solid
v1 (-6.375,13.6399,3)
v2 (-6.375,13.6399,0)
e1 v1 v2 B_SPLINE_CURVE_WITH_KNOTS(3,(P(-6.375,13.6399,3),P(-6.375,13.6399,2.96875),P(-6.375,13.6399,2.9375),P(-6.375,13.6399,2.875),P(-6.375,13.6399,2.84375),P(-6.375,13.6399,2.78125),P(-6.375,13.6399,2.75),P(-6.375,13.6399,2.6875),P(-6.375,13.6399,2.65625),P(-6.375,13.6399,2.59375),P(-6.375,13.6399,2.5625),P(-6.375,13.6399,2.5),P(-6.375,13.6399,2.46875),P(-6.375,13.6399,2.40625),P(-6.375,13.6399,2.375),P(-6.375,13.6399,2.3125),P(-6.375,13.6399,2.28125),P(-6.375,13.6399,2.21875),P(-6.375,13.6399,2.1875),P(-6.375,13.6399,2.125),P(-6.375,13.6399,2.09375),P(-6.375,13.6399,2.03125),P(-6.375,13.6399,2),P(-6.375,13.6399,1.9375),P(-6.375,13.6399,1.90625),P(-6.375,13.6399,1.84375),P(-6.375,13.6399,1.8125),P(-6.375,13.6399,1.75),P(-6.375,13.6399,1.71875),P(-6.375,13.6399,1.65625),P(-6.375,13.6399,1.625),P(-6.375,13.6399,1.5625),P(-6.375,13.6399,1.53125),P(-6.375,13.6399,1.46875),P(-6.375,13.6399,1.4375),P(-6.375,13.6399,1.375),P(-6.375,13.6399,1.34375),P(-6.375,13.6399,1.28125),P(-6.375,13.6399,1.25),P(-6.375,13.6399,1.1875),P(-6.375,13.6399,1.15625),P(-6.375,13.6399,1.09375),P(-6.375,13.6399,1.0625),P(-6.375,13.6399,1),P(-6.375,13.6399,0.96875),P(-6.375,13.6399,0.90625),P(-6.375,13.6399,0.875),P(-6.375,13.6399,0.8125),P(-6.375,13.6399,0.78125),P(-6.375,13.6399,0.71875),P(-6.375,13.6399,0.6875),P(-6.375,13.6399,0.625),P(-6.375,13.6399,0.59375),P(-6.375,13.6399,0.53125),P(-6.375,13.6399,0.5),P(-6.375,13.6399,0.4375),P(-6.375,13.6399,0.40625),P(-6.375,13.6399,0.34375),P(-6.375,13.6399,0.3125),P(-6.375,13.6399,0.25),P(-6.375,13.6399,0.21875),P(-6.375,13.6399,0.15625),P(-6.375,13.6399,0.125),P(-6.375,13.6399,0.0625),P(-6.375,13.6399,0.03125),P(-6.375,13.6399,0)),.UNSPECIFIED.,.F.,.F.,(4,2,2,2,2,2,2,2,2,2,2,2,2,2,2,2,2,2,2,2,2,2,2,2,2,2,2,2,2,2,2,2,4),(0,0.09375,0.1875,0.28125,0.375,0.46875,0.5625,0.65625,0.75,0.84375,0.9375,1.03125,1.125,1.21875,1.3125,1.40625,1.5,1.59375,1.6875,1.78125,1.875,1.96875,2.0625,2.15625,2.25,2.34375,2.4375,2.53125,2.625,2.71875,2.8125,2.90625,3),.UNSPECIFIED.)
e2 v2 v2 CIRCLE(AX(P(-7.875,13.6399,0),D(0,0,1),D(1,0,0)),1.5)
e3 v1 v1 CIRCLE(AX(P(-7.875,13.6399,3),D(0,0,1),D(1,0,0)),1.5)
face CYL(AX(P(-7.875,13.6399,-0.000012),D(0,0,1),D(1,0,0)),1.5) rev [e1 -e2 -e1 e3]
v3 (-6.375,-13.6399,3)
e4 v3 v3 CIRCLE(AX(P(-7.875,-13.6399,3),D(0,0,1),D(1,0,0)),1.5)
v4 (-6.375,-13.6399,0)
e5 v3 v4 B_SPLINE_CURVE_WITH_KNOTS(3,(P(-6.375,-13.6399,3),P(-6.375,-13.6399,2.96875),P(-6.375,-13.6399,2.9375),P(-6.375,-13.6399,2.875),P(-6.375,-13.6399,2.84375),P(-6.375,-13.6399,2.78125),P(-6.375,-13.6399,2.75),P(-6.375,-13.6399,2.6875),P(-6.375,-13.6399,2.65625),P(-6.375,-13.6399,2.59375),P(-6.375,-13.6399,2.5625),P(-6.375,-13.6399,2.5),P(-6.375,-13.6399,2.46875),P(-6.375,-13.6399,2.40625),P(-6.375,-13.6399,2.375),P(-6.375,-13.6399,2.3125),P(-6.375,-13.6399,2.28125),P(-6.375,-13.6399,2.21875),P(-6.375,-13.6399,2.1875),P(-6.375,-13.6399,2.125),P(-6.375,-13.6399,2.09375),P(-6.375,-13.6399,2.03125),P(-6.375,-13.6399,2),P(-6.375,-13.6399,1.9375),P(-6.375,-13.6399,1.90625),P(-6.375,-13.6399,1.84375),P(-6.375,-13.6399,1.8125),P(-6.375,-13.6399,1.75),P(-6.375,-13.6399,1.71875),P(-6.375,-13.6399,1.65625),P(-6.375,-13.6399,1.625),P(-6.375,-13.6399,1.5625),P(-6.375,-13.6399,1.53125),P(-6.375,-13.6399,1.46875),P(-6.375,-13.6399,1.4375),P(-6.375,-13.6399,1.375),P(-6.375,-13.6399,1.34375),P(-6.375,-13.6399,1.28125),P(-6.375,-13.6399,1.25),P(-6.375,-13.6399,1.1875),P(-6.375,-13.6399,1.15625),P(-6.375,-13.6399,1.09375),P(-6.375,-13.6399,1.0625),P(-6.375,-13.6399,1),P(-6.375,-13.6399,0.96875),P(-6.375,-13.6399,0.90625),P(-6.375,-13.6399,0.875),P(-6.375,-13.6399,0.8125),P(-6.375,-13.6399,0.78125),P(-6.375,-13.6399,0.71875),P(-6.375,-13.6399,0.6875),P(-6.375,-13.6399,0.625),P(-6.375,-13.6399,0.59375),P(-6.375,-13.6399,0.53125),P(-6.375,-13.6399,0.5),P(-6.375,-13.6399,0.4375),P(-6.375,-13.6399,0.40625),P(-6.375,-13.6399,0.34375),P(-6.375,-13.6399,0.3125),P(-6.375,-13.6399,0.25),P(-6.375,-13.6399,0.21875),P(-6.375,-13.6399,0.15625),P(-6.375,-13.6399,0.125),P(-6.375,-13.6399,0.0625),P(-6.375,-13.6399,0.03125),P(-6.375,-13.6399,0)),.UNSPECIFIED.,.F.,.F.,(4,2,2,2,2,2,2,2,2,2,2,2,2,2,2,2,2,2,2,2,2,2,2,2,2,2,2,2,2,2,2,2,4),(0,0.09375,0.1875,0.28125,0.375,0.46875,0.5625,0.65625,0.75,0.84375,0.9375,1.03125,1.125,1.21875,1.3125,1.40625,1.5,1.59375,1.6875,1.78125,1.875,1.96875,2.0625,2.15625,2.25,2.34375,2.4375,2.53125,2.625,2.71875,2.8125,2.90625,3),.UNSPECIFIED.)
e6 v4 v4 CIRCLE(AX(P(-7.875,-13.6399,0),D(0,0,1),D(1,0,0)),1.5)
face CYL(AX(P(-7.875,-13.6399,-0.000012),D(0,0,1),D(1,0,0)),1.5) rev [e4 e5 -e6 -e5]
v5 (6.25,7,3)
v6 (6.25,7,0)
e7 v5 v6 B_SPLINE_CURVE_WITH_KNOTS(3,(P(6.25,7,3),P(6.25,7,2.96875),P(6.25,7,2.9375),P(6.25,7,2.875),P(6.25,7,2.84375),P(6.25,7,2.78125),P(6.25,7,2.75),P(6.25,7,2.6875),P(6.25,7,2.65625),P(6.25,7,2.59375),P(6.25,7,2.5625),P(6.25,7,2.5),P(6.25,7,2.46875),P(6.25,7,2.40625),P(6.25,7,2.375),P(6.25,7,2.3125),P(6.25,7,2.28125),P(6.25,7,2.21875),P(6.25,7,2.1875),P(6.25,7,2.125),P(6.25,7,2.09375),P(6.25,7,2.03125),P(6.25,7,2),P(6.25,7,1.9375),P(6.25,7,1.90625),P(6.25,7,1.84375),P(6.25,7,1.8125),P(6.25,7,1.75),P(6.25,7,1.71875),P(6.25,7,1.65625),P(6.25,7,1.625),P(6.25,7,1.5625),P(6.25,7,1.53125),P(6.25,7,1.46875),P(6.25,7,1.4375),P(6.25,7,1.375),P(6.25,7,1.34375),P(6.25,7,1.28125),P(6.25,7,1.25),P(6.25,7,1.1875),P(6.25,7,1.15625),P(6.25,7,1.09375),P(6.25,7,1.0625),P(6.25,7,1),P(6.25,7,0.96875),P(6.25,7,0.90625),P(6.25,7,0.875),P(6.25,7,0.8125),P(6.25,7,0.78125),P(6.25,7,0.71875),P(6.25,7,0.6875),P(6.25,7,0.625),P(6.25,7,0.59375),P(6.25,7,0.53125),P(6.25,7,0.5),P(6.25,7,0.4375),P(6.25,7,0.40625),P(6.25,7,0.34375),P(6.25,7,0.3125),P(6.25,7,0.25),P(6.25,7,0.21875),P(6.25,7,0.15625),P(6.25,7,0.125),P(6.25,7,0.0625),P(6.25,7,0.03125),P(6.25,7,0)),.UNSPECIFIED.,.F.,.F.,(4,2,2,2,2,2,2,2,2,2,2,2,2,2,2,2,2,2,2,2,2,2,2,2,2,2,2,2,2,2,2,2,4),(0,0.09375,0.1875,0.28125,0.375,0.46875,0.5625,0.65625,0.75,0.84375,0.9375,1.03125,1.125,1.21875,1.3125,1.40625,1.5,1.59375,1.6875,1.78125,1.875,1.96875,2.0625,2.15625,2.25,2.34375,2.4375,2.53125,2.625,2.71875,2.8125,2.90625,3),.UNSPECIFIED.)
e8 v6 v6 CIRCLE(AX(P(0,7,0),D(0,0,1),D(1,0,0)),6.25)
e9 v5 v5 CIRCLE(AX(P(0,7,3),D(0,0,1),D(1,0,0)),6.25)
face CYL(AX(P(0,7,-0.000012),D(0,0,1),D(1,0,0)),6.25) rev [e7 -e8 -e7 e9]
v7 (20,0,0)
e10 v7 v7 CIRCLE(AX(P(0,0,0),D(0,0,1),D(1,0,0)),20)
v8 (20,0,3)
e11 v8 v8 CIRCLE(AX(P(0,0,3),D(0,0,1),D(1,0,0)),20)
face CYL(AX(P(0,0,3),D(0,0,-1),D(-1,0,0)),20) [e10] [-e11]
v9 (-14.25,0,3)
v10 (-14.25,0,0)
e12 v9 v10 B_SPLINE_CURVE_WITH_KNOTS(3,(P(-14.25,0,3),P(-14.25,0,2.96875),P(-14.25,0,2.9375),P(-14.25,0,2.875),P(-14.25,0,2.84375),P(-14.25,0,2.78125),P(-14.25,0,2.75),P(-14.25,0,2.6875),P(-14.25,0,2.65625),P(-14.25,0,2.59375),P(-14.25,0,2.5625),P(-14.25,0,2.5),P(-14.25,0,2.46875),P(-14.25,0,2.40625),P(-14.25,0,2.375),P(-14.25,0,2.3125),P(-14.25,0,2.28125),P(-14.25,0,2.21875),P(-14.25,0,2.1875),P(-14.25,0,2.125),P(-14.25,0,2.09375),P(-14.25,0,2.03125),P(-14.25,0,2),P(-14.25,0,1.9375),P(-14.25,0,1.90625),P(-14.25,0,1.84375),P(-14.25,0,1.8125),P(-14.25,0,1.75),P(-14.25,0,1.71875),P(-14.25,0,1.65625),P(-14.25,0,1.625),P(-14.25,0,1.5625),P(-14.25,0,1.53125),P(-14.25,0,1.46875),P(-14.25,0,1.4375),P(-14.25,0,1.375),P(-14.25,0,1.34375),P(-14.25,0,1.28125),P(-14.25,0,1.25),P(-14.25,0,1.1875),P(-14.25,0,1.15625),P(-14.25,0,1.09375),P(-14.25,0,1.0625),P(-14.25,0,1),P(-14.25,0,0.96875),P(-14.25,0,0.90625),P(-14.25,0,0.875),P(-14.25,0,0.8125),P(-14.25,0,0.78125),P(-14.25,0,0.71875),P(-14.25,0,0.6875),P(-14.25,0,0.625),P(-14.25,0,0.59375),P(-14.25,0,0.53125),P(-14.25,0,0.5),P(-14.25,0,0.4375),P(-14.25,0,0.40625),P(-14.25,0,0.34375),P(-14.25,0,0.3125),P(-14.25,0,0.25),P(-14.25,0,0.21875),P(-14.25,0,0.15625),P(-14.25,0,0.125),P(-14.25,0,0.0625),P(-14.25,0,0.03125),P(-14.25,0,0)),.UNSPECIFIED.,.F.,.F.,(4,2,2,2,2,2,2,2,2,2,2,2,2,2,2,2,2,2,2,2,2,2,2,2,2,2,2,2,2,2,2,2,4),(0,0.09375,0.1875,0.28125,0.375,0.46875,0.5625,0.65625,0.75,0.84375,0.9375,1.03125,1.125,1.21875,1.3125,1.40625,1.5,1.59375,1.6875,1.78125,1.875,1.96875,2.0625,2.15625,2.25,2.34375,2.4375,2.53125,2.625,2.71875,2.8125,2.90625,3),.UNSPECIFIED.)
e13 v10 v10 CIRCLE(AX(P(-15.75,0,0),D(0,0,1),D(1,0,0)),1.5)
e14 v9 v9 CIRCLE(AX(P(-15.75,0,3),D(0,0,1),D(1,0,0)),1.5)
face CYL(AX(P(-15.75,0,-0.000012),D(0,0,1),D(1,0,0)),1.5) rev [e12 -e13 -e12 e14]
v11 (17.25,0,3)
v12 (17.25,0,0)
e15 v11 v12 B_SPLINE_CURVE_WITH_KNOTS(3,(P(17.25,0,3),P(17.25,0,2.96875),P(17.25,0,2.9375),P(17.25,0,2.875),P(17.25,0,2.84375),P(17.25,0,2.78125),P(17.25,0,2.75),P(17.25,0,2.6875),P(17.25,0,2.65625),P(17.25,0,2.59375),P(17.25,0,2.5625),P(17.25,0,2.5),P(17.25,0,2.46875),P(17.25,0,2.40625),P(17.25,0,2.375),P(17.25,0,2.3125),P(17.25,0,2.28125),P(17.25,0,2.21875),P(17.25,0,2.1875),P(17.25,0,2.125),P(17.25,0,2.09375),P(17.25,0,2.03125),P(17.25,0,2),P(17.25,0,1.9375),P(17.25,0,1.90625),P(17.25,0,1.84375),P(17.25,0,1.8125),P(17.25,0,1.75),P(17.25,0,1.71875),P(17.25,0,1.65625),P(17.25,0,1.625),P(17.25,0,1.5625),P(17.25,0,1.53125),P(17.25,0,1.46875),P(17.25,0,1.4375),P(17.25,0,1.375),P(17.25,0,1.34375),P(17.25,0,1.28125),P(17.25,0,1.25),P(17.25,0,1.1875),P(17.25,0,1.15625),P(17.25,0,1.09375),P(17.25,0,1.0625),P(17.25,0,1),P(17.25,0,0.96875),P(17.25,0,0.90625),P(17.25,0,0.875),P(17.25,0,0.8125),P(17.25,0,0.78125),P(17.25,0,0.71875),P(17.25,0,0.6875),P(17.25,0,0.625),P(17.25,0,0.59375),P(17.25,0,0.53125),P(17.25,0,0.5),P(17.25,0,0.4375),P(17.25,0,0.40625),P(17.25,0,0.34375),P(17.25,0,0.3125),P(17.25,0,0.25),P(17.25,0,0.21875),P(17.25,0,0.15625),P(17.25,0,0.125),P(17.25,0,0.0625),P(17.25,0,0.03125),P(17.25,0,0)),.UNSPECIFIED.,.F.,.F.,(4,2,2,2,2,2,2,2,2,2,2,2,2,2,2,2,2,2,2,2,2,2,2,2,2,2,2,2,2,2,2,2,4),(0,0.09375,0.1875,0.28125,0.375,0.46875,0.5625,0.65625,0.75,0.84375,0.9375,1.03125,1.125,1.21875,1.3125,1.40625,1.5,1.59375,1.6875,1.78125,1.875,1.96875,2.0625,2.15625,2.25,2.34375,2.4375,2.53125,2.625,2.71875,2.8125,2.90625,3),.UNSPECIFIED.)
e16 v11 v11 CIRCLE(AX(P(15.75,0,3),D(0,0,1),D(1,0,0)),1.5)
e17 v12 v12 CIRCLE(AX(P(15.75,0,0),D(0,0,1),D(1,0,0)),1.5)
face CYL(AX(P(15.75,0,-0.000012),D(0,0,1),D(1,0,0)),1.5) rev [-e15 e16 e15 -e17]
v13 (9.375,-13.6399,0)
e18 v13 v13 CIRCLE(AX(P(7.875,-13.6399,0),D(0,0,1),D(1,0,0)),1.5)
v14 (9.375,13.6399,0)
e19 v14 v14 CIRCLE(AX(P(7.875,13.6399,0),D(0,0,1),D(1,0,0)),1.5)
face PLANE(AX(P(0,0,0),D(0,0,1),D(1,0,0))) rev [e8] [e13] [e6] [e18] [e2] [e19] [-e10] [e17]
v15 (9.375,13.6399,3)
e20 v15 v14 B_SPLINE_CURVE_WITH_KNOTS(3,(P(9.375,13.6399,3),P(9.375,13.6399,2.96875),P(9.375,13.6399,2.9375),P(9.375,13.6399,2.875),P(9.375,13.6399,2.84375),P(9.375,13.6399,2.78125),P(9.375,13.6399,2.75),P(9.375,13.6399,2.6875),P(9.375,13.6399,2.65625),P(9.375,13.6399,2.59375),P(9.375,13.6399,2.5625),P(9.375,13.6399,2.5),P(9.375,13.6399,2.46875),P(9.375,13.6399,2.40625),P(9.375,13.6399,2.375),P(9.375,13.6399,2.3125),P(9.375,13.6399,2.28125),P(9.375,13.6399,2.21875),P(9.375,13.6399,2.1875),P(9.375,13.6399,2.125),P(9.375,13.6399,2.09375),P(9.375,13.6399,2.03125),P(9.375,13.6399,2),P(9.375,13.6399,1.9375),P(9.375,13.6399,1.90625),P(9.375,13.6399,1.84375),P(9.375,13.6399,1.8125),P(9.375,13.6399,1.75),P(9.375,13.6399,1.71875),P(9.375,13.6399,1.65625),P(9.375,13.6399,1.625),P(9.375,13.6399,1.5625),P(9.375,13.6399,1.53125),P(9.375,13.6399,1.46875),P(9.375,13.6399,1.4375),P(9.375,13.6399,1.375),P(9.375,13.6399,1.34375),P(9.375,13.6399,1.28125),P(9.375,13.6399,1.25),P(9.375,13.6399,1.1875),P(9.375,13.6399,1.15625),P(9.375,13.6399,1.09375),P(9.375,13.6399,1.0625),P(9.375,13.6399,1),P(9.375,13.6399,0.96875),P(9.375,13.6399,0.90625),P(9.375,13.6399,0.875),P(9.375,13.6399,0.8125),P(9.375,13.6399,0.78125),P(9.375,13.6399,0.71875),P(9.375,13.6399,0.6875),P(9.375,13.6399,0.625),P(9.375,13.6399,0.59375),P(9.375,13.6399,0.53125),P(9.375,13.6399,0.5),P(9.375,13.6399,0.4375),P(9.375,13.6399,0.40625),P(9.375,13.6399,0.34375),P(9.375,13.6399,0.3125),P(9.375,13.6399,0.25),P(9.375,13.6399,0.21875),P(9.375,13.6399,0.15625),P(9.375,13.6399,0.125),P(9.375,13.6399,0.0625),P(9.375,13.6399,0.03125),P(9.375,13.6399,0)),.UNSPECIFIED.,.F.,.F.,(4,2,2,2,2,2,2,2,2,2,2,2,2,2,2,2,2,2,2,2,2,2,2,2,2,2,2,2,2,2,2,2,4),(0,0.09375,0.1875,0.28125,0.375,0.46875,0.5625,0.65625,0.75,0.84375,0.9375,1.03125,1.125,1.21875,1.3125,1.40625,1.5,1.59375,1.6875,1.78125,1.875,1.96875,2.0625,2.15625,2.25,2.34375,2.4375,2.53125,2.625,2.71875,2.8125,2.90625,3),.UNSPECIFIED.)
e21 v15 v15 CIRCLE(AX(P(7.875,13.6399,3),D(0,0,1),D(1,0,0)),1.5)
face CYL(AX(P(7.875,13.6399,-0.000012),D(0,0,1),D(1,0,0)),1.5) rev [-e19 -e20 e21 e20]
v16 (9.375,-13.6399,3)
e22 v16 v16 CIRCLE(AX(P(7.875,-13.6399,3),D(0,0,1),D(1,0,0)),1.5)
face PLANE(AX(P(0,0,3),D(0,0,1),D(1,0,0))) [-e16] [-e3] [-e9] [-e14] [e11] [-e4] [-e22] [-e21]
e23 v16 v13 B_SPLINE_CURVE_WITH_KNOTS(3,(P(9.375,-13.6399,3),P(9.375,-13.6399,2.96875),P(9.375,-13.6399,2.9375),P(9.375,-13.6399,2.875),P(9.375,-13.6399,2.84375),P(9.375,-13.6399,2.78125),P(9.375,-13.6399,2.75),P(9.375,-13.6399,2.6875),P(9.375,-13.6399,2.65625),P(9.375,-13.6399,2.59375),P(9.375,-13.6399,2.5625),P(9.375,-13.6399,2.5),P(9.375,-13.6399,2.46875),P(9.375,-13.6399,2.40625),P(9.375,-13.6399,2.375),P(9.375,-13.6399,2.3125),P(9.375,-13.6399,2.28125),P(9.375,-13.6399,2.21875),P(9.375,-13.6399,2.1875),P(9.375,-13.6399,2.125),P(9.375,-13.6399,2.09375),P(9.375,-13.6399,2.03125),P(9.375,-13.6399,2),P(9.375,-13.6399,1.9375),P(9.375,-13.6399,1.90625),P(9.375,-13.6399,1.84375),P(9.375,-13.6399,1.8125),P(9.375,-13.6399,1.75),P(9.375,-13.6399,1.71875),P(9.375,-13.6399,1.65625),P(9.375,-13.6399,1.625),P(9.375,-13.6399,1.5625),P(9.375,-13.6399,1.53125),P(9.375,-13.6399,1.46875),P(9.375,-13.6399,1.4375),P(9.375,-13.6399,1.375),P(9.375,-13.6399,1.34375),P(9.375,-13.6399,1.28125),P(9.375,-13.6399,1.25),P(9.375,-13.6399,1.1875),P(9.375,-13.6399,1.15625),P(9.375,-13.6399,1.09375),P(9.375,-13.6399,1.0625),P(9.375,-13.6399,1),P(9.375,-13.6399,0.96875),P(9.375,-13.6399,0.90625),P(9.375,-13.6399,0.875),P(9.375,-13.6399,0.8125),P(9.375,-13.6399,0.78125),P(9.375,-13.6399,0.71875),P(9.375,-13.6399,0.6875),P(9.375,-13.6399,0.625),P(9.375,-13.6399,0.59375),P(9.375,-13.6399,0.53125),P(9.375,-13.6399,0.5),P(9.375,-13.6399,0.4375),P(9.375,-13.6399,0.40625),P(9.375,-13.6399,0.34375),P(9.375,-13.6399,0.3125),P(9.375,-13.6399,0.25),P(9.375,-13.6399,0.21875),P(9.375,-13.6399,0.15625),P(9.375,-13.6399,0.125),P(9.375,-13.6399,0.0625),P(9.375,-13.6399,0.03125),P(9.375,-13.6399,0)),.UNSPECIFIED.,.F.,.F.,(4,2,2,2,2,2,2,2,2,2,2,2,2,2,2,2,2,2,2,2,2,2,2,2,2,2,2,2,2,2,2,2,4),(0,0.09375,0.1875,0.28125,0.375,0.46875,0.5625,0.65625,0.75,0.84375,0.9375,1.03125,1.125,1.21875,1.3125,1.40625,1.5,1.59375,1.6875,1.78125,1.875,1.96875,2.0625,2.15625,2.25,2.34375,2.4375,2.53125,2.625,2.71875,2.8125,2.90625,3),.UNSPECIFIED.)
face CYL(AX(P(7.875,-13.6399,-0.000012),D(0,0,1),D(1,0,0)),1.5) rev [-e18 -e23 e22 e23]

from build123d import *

# Parameters (mm, degrees)
SKETCH3_R               = 20
BOSS_EXTRUDE1_DEPTH     = 3
CUT_EXTRUDE2_DEPTH      = 29.442925307
CUT_EXTRUDE2_DEPTH_BACK = 29.442925307
SKETCH2_R               = 1.5
SKETCH2_R_2             = 6.25


with BuildPart() as part:
    # Sketch3 → Boss-Extrude1 (new body)
    with BuildSketch(Plane.XY):
        Circle(SKETCH3_R)
    extrude(amount=BOSS_EXTRUDE1_DEPTH)

    # Sketch2 → Cut-Extrude2 (cut, two sides: drawn at the far end of the back side and taken through both)
    with BuildSketch(Plane.XY.offset(-CUT_EXTRUDE2_DEPTH_BACK)):
        with Locations((-15.75, 0)):
            Circle(SKETCH2_R)
        with Locations((-7.875, 13.63990011)):
            Circle(SKETCH2_R)
        with Locations((7.875, 13.63990011)):
            Circle(SKETCH2_R)
        with Locations((15.75, 0)):
            Circle(SKETCH2_R)
        with Locations((7.875, -13.63990011)):
            Circle(SKETCH2_R)
        with Locations((-7.875, -13.63990011)):
            Circle(SKETCH2_R)
        with Locations((0, 7)):
            Circle(SKETCH2_R_2)
    extrude(amount=CUT_EXTRUDE2_DEPTH + CUT_EXTRUDE2_DEPTH_BACK, mode=Mode.SUBTRACT)


solid = part.part
